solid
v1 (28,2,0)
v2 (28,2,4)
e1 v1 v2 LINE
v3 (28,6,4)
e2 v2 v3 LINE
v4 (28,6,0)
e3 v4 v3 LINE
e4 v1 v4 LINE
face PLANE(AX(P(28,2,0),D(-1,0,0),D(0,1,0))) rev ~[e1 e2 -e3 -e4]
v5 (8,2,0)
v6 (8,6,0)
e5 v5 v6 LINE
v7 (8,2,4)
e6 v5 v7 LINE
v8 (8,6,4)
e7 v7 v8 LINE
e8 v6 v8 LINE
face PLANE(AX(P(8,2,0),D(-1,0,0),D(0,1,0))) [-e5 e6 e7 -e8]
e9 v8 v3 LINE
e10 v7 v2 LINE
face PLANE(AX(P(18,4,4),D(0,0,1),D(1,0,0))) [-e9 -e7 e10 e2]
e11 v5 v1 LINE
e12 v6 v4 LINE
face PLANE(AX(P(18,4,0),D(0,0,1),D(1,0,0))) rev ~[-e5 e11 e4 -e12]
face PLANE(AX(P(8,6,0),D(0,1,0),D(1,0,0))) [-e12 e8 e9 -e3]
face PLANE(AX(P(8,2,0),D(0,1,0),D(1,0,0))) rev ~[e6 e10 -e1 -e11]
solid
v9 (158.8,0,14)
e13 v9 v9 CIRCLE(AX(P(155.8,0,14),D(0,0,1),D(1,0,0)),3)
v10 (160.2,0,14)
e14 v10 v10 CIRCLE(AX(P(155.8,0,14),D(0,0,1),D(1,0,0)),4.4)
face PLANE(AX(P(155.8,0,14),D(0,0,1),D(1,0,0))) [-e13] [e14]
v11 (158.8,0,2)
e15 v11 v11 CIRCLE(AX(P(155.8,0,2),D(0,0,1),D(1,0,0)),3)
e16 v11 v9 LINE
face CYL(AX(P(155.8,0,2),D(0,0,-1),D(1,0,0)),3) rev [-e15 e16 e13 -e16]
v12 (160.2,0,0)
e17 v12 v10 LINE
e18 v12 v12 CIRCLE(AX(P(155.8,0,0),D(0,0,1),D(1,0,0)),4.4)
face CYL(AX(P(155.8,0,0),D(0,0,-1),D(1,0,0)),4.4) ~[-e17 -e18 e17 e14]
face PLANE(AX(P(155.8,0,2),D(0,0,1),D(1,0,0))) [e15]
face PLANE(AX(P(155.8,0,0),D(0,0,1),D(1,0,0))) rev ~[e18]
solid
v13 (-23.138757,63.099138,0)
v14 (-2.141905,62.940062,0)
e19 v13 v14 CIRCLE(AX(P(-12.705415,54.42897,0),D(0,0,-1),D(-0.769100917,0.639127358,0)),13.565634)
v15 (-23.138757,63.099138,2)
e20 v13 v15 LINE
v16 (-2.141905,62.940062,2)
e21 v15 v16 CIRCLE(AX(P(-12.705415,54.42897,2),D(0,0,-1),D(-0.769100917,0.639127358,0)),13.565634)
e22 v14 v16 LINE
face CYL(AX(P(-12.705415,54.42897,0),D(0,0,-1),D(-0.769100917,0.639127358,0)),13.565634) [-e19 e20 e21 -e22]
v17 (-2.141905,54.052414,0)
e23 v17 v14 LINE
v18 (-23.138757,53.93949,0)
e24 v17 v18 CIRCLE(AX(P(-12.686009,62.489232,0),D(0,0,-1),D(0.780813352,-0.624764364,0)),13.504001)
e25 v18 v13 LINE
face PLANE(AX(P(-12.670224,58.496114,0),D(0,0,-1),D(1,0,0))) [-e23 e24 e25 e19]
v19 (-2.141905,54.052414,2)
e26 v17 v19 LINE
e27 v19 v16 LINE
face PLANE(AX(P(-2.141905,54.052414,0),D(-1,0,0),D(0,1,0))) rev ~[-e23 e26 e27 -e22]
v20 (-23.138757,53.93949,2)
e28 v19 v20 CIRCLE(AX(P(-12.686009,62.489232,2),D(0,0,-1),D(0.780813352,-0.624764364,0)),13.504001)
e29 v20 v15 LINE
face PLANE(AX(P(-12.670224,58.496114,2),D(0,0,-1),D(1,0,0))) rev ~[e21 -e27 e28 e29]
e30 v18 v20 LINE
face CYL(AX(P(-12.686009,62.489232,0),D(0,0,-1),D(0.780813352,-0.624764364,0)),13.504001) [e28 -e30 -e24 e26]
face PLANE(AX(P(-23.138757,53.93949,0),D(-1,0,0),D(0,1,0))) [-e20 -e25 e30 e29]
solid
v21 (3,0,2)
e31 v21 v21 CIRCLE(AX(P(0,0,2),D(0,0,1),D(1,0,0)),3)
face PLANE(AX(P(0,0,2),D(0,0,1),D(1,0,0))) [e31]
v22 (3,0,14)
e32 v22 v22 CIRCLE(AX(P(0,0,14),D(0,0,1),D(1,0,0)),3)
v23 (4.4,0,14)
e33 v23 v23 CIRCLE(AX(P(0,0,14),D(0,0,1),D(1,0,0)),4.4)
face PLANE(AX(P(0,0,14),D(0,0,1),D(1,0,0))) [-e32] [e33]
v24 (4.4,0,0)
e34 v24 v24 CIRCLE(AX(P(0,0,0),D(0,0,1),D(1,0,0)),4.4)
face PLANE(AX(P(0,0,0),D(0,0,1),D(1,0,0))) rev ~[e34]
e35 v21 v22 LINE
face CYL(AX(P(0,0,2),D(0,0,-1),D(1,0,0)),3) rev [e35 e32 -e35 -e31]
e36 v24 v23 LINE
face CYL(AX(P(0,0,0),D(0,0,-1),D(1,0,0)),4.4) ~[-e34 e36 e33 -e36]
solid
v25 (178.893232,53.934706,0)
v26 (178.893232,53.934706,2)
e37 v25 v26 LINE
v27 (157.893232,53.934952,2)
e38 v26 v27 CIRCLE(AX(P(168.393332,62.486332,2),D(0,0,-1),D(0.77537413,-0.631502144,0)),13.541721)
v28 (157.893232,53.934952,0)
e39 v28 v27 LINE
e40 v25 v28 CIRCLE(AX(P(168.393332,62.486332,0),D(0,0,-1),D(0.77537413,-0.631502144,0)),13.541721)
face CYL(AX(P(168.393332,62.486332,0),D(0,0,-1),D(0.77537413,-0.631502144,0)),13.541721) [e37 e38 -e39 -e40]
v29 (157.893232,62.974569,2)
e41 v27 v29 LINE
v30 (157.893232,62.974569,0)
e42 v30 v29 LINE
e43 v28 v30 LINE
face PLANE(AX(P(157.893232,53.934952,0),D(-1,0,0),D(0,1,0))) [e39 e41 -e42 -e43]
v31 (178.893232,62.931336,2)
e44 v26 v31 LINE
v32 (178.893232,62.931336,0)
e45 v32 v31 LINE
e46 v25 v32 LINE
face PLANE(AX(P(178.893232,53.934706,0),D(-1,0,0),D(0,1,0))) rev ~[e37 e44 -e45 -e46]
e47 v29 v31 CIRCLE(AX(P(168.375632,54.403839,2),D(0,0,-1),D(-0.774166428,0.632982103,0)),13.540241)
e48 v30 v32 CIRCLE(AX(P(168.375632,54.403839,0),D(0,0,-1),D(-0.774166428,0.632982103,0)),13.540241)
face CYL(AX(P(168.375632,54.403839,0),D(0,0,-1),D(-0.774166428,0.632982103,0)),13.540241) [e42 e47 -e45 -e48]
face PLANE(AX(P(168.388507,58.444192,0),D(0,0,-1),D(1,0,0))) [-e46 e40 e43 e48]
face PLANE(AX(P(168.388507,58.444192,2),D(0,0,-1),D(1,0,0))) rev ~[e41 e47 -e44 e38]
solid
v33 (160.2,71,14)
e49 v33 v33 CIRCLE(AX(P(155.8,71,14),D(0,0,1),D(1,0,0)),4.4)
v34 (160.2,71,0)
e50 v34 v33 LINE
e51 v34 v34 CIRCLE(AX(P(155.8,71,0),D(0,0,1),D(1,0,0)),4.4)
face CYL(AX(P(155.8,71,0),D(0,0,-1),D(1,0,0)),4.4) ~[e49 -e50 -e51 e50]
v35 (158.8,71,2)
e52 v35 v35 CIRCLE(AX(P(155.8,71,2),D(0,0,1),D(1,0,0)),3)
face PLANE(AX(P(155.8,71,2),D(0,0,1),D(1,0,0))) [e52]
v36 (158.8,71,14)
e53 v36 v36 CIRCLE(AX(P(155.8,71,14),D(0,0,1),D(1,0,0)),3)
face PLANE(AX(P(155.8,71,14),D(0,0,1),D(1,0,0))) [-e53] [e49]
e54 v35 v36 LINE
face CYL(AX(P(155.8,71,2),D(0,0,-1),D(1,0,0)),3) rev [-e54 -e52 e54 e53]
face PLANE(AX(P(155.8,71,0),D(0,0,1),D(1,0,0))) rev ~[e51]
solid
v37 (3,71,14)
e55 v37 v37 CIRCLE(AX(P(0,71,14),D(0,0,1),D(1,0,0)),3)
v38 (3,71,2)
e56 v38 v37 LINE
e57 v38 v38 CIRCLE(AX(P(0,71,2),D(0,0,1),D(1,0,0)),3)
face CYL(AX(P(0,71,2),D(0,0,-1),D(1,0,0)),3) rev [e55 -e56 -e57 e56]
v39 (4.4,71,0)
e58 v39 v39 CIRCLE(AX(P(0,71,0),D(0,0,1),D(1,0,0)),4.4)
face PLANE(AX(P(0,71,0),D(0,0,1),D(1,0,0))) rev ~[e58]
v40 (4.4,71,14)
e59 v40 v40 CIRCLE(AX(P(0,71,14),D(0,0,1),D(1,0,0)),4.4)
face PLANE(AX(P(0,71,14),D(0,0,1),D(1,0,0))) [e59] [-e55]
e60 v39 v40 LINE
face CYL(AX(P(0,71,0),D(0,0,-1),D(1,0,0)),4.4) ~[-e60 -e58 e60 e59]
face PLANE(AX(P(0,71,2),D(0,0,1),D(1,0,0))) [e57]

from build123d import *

# Parameters (mm, degrees)
PAD002_DEPTH      = 2
PAD001_DEPTH      = 2
CYLINDER005_R     = 3
CYLINDER005_DEPTH = 12
CYLINDER001_R     = 4.4
CYLINDER001_DEPTH = 14
CYLINDER006_R     = 3
CYLINDER006_DEPTH = 12
CYLINDER002_R     = 4.4
CYLINDER002_DEPTH = 14
CYLINDER007_R     = 3
CYLINDER007_DEPTH = 12
CYLINDER003_R     = 4.4
CYLINDER003_DEPTH = 14
CYLINDER004_R     = 3
CYLINDER004_DEPTH = 12
CYLINDER_R        = 4.4
CYLINDER_DEPTH    = 14
BOX001_W          = 20
BOX001_H          = 4
BOX001_DEPTH      = 4


with BuildPart() as pad002:
    # Sketch003 → Pad002 (new body)
    with BuildSketch(Plane(origin=(0, 0, 0), x_dir=(1, 0, 0), z_dir=(0, 0, -1))):
        with BuildLine():
            ThreePointArc((178.893232, -53.934706), (168.393174, -48.944611), (157.893232, -53.934952))
            Line((157.893232, -53.934952), (157.893232, -62.974569))
            ThreePointArc((157.893232, -62.974569), (168.403507, -67.944051), (178.893232, -62.931336))
            Line((178.893232, -53.934706), (178.893232, -62.931336))
        make_face()
    extrude(amount=-PAD002_DEPTH)


with BuildPart() as fusion:
    # Sketch002 → Pad001 (new body)
    with BuildSketch(Plane(origin=(0, 0, 0), x_dir=(1, 0, 0), z_dir=(0, 0, -1))):
        with BuildLine():
            ThreePointArc((-2.141905, -54.052414), (-12.613383, -48.985427), (-23.138757, -53.93949))
            Line((-23.138757, -53.93949), (-23.138757, -63.099138))
            ThreePointArc((-23.138757, -63.099138), (-12.602642, -67.994215), (-2.141905, -62.940062))
            Line((-2.141905, -54.052414), (-2.141905, -62.940062))
        make_face()
    extrude(amount=-PAD001_DEPTH)

    # Fusion: union Pad002
    add(pad002.part)


with BuildPart() as cylinder005:
    # Cylinder005 → Cylinder005 (new body)
    with BuildSketch(Plane(origin=(155.8, 0, 2), x_dir=(1, 0, 0), z_dir=(0, 0, 1))):
        Circle(CYLINDER005_R)
    extrude(amount=CYLINDER005_DEPTH)


with BuildPart() as cut001:
    # Cylinder001 → Cylinder001 (new body)
    with BuildSketch(Plane(origin=(155.8, 0, 0), x_dir=(1, 0, 0), z_dir=(0, 0, 1))):
        Circle(CYLINDER001_R)
    extrude(amount=CYLINDER001_DEPTH)

    # Cut001: cut Cylinder005
    add(cylinder005.part, mode=Mode.SUBTRACT)


with BuildPart() as cylinder006:
    # Cylinder006 → Cylinder006 (new body)
    with BuildSketch(Plane(origin=(155.8, 71, 2), x_dir=(1, 0, 0), z_dir=(0, 0, 1))):
        Circle(CYLINDER006_R)
    extrude(amount=CYLINDER006_DEPTH)


with BuildPart() as cut002:
    # Cylinder002 → Cylinder002 (new body)
    with BuildSketch(Plane(origin=(155.8, 71, 0), x_dir=(1, 0, 0), z_dir=(0, 0, 1))):
        Circle(CYLINDER002_R)
    extrude(amount=CYLINDER002_DEPTH)

    # Cut002: cut Cylinder006
    add(cylinder006.part, mode=Mode.SUBTRACT)


with BuildPart() as cut002_1:
    # Cut002 placement: moved
    add(cut002.part.moved(Location((-1, 0, 0))))


with BuildPart() as cylinder007:
    # Cylinder007 → Cylinder007 (new body)
    with BuildSketch(Plane(origin=(0, 71, 2), x_dir=(1, 0, 0), z_dir=(0, 0, 1))):
        Circle(CYLINDER007_R)
    extrude(amount=CYLINDER007_DEPTH)


with BuildPart() as cut003:
    # Cylinder003 → Cylinder003 (new body)
    with BuildSketch(Plane(origin=(0, 71, 0), x_dir=(1, 0, 0), z_dir=(0, 0, 1))):
        Circle(CYLINDER003_R)
    extrude(amount=CYLINDER003_DEPTH)

    # Cut003: cut Cylinder007
    add(cylinder007.part, mode=Mode.SUBTRACT)


with BuildPart() as cut003_1:
    # Cut003 placement: moved
    add(cut003.part.moved(Location((1, 0, 0))))


with BuildPart() as cylinder004:
    # Cylinder004 → Cylinder004 (new body)
    with BuildSketch(Plane.XY.offset(2)):
        Circle(CYLINDER004_R)
    extrude(amount=CYLINDER004_DEPTH)


with BuildPart() as fusion001:
    # Cylinder → Cylinder (new body)
    with BuildSketch(Plane.XY):
        Circle(CYLINDER_R)
    extrude(amount=CYLINDER_DEPTH)

    # Cut: cut Cylinder004
    add(cylinder004.part, mode=Mode.SUBTRACT)

    # Fusion001: union Cut001, Cut002, Cut003
    add(cut001.part)
    add(cut002_1.part)
    add(cut003_1.part)


with BuildPart() as cube001:
    # Box001 → Box001 (new body)
    with BuildSketch(Plane(origin=(8, 2, 0), x_dir=(1, 0, 0), z_dir=(0, 0, 1))):
        with Locations((10, 2)):
            Rectangle(BOX001_W, BOX001_H)
    extrude(amount=BOX001_DEPTH)


solid = Compound([fusion.part, fusion001.part, cube001.part])
